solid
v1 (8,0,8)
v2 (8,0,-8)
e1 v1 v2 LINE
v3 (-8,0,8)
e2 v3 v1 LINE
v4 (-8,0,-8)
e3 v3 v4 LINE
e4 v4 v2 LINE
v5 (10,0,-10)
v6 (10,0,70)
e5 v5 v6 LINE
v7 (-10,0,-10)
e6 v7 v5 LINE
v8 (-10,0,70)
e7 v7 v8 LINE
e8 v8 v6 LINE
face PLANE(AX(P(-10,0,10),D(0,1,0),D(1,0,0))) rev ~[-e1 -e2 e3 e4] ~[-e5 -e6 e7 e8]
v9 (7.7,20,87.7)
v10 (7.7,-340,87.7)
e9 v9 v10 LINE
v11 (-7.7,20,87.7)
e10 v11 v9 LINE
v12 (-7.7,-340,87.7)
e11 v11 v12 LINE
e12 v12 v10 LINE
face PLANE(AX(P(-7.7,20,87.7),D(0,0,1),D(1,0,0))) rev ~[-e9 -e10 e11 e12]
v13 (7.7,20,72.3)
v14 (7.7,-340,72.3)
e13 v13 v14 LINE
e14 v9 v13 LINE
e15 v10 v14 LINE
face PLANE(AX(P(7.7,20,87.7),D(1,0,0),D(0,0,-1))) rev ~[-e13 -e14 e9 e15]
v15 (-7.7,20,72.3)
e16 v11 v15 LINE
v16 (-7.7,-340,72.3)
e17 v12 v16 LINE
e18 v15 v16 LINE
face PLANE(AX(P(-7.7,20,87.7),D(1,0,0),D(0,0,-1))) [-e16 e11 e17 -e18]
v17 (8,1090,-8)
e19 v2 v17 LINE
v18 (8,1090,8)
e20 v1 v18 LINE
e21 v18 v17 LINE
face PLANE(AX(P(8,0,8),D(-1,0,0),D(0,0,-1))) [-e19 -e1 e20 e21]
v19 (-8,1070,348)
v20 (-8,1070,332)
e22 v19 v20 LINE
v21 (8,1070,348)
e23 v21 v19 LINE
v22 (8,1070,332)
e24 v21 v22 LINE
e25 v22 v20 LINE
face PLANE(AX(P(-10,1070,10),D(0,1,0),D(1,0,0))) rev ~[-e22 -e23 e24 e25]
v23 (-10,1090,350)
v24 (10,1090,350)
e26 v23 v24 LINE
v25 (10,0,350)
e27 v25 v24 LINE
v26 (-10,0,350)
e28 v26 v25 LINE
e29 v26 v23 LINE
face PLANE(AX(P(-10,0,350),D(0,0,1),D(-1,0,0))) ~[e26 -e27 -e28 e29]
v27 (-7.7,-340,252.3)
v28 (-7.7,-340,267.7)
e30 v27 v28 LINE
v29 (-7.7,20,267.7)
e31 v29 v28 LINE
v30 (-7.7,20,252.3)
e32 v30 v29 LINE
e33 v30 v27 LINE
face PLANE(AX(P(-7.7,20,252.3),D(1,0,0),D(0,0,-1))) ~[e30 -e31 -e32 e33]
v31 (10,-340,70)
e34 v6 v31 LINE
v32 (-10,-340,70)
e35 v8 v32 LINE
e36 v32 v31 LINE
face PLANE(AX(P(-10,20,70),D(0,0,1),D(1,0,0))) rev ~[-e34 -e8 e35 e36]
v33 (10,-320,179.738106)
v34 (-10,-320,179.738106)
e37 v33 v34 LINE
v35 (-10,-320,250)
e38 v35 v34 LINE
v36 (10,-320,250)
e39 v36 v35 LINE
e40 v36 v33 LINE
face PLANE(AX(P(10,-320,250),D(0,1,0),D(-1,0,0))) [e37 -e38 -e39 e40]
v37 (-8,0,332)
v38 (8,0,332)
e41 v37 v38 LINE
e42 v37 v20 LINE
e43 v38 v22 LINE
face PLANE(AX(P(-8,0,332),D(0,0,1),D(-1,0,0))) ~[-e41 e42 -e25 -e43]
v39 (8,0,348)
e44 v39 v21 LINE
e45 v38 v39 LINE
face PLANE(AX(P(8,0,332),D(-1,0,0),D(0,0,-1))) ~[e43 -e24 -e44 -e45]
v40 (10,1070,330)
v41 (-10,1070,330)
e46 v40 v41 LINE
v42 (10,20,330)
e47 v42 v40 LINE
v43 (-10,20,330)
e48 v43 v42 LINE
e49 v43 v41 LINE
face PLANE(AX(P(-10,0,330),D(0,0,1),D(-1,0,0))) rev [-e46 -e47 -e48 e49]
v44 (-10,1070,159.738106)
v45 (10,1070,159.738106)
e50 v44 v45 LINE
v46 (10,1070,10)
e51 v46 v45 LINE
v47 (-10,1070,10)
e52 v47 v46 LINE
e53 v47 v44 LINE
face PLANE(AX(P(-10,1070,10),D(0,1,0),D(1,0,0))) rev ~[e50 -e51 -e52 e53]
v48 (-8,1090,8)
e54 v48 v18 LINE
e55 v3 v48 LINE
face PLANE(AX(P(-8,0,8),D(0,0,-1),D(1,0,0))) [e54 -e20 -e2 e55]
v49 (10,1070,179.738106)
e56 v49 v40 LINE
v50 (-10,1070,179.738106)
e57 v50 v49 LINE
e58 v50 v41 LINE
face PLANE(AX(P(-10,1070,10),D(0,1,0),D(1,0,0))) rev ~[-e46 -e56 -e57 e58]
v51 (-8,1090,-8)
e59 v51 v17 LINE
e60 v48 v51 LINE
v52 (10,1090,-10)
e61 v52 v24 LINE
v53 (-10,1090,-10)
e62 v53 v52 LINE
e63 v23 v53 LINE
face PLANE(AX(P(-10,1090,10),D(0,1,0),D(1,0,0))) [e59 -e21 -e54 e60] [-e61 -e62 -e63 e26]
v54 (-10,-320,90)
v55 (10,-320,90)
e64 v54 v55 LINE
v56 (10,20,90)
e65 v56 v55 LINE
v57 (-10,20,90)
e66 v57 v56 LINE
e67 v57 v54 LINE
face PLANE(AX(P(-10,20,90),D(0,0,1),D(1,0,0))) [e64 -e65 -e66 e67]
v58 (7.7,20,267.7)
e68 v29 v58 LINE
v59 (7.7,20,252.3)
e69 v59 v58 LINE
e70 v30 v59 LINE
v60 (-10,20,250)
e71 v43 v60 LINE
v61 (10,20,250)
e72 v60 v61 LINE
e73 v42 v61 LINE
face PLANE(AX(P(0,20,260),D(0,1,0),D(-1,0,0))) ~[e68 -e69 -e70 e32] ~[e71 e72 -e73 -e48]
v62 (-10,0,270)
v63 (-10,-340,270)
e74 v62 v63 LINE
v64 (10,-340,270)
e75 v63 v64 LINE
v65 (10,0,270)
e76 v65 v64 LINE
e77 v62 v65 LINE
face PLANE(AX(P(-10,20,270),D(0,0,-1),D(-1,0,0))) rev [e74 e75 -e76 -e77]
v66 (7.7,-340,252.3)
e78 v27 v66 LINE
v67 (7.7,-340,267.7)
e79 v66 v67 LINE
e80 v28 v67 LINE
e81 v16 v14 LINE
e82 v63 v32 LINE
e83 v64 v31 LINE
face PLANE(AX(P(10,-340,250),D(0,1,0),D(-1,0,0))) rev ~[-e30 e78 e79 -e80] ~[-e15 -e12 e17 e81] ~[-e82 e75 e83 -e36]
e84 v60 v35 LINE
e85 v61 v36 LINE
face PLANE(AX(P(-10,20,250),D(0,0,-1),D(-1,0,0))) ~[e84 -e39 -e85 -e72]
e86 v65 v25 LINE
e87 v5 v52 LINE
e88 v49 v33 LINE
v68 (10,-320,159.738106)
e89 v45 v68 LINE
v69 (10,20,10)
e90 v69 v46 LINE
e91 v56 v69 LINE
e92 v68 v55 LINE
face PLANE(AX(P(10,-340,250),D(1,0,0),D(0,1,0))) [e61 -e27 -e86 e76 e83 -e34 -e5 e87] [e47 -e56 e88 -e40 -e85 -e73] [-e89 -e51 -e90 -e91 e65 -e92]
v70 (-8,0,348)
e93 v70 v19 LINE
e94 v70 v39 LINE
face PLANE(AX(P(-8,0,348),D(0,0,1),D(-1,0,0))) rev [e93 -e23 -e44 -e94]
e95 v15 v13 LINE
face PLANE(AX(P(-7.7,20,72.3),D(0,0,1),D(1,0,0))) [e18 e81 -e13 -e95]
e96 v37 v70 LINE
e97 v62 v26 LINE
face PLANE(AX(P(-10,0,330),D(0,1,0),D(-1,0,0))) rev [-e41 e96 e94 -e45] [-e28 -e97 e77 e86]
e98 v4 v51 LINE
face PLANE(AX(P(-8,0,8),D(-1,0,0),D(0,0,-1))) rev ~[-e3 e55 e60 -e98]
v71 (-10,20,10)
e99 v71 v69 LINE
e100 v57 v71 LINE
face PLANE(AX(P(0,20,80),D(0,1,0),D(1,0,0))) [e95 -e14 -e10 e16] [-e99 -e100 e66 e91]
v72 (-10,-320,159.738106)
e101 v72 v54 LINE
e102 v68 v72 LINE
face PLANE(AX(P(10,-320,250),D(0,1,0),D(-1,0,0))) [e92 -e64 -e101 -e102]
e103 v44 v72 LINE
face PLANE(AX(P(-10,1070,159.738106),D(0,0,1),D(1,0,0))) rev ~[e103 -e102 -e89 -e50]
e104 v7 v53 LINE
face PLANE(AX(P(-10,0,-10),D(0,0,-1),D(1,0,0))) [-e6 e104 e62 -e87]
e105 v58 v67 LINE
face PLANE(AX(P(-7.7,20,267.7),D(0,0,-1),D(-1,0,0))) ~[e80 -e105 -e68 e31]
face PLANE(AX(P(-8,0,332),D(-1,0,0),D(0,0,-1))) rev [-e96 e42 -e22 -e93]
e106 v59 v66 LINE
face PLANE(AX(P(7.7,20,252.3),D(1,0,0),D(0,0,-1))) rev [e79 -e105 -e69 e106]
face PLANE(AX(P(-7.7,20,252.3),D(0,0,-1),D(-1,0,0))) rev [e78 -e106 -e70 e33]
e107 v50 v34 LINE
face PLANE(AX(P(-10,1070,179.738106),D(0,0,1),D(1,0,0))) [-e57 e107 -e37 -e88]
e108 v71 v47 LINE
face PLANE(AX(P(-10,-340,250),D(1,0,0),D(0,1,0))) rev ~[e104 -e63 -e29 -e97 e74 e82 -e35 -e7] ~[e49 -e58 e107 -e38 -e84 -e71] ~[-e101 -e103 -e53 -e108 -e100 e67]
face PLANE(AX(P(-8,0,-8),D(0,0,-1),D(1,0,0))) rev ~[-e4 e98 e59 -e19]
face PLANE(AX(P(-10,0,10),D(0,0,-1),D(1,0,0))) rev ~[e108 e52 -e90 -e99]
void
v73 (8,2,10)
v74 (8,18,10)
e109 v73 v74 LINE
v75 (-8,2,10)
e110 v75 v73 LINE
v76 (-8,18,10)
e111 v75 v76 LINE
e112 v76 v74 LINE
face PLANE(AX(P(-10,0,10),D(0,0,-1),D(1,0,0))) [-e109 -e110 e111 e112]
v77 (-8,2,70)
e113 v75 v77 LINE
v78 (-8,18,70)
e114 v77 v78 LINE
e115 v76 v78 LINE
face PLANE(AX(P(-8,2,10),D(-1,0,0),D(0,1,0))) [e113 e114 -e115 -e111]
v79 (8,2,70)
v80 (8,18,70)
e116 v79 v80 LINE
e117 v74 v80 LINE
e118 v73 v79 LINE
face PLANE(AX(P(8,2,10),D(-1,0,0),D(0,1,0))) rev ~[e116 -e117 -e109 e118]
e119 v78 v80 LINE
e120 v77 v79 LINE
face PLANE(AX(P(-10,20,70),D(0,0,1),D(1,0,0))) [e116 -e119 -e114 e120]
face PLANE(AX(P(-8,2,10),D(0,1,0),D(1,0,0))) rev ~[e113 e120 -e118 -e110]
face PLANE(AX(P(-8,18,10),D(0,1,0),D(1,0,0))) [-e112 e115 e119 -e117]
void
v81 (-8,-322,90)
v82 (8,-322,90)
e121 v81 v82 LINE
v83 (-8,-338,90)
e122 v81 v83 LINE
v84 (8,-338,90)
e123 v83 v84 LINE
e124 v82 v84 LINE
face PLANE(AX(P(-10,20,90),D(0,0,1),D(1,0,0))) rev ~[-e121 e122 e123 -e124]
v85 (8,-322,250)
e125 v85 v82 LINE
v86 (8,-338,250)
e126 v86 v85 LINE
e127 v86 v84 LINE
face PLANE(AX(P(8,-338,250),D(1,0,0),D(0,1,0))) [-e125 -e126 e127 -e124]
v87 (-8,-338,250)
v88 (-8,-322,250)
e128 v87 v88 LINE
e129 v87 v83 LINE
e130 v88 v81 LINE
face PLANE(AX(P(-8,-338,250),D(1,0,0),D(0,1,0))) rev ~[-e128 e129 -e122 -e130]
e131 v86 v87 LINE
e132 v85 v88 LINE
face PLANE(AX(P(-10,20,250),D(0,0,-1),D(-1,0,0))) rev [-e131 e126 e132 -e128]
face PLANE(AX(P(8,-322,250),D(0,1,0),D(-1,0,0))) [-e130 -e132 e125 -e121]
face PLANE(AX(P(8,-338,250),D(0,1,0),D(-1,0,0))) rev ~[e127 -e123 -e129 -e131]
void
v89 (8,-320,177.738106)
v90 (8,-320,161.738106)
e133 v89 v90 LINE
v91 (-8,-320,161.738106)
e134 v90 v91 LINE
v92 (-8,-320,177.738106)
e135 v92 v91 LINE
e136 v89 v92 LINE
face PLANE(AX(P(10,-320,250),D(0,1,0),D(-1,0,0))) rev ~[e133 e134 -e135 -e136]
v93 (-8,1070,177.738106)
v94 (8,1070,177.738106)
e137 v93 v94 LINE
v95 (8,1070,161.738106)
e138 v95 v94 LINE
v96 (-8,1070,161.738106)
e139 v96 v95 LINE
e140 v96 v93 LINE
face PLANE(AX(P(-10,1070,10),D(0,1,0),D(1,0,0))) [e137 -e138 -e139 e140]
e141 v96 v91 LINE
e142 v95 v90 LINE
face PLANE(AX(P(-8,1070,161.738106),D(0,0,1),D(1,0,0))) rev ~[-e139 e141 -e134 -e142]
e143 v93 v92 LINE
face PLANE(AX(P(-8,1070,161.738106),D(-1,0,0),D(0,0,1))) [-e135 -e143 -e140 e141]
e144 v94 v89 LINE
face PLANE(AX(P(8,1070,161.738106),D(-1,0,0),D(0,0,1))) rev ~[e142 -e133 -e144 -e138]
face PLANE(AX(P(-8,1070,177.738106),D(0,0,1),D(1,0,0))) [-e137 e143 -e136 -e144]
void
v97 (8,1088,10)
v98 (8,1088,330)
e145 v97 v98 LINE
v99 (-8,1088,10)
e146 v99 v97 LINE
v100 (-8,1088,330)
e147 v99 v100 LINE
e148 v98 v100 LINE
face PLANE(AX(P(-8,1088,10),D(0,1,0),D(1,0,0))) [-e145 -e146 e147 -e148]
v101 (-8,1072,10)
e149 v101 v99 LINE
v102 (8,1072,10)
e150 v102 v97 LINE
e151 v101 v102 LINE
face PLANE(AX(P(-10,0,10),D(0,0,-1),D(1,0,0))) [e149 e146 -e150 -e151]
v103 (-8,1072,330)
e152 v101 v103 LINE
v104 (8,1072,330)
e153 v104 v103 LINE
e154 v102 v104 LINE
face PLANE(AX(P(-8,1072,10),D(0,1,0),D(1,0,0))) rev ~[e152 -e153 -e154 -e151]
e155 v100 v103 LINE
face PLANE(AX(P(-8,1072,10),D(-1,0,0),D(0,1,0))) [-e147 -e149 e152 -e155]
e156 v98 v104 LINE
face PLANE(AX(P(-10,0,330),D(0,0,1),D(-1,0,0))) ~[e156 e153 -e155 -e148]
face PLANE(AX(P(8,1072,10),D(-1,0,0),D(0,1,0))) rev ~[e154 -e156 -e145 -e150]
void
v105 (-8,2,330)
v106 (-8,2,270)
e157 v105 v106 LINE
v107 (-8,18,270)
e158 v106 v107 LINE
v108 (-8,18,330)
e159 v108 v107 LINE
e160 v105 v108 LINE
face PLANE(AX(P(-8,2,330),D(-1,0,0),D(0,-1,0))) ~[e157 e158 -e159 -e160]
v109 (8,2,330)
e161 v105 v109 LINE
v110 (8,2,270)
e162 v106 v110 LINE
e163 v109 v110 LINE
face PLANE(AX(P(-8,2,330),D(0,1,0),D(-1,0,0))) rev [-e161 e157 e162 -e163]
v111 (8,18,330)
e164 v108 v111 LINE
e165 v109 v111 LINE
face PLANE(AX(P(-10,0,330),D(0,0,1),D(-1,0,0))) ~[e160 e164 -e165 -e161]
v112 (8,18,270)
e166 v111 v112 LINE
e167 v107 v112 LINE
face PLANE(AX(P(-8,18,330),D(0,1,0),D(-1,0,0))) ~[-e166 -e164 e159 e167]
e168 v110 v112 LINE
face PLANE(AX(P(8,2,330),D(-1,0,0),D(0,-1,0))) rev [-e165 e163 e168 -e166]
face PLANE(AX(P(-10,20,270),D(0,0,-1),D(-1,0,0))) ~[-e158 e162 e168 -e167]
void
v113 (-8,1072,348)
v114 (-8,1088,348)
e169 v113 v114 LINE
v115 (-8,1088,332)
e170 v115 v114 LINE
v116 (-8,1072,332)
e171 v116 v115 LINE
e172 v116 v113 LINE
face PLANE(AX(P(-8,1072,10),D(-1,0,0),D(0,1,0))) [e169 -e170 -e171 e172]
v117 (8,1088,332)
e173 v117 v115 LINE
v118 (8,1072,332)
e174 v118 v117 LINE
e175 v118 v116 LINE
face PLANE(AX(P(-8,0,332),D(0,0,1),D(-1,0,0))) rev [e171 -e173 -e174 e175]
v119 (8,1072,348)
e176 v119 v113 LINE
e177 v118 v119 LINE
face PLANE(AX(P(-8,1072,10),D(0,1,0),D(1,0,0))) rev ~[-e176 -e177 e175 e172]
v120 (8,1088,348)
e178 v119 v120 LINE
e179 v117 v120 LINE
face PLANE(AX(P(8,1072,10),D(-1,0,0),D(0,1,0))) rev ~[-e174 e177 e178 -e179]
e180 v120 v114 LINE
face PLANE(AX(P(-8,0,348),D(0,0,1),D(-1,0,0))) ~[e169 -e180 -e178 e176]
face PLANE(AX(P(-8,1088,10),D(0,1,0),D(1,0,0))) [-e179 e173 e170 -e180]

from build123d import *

# Parameters (mm, degrees)
SKETCH1_W           = 2
SKETCH1_H           = 2
SKETCH1_W_2         = 1.6
SKETCH1_H_2         = 1.6
BOSS_EXTRUDE1_DEPTH = 109
SKETCH2_W           = 2
SKETCH2_H           = 2
SKETCH2_W_2         = 1.6
SKETCH2_H_2         = 1.6
BOSS_EXTRUDE2_DEPTH = 34
SKETCH3_W           = 2
SKETCH3_H           = 2
SKETCH3_W_2         = 1.6
SKETCH3_H_2         = 1.6
BOSS_EXTRUDE3_DEPTH = 6
SKETCH7_W           = 2
SKETCH7_H           = 2
SKETCH7_W_2         = 1.54
SKETCH7_H_2         = 1.54
BOSS_EXTRUDE4_DEPTH = 36
BOSS_EXTRUDE5_REACH = 28
SKETCH8_W           = 2
SKETCH8_H           = 2
SKETCH8_W_2         = 1.6
SKETCH8_H_2         = 1.6
SCALE2_SCALE        = 10
BOSS_EXTRUDE6_REACH = 1412
SKETCH9_W           = 20
SKETCH9_H           = 20
SKETCH9_W_2         = 16
SKETCH9_H_2         = 16


with BuildPart() as part:
    # Sketch1 → Boss-Extrude1 (new body)
    with BuildSketch(Plane(origin=(0, 0, 0), x_dir=(1, 0, 0), z_dir=(0, 1, 0))):
        Rectangle(SKETCH1_W, SKETCH1_H)
        Rectangle(SKETCH1_W_2, SKETCH1_H_2, mode=Mode.SUBTRACT)
    boss_extrude1 = extrude(amount=BOSS_EXTRUDE1_DEPTH)

    # Sketch2 → Boss-Extrude2 (add)
    with BuildSketch(Plane.XY.offset(1)):
        with Locations((0, 108)):
            Rectangle(SKETCH2_W, SKETCH2_H)
        with Locations((0, 108)):
            Rectangle(SKETCH2_W_2, SKETCH2_H_2, mode=Mode.SUBTRACT)
    extrude(amount=BOSS_EXTRUDE2_DEPTH)

    # Mirror1: Boss-Extrude1 across plane
    add(boss_extrude1.mirror(Plane.XY.offset(17)))

    # Sketch3 → Boss-Extrude3 (add)
    with BuildSketch(Plane.XY.offset(1)):
        with Locations((0, 1)):
            Rectangle(SKETCH3_W, SKETCH3_H)
        with Locations((0, 1)):
            Rectangle(SKETCH3_W_2, SKETCH3_H_2, mode=Mode.SUBTRACT)
    boss_extrude3 = extrude(amount=BOSS_EXTRUDE3_DEPTH)

    # Sketch7 → Boss-Extrude4 (add)
    with BuildSketch(Plane(origin=(0, 2, 0), x_dir=(1, 0, 0), z_dir=(0, 1, 0))):
        with Locations((0, -8)):
            Rectangle(SKETCH7_W, SKETCH7_H)
        with Locations((0, -8)):
            Rectangle(SKETCH7_W_2, SKETCH7_H_2, mode=Mode.SUBTRACT)
    boss_extrude4 = extrude(amount=-BOSS_EXTRUDE4_DEPTH)

    # Mirror2: Boss-Extrude3, Boss-Extrude4 across plane
    add(boss_extrude3.mirror(Plane.XY.offset(17)))
    add(boss_extrude4.mirror(Plane.XY.offset(17)))

    # Sketch8 → Boss-Extrude5 (add, up to next)
    with BuildSketch(Plane(origin=(0, 0, 25), x_dir=(-1, 0, 0), z_dir=(0, 0, -1)), mode=Mode.PRIVATE) as boss_extrude5_sk1:
        with Locations((0, -33)):
            Rectangle(SKETCH8_W, SKETCH8_H)
        with Locations((0, -33)):
            Rectangle(SKETCH8_W_2, SKETCH8_H_2, mode=Mode.SUBTRACT)
    boss_extrude5_tool1 = extrude(boss_extrude5_sk1.sketch, amount=BOSS_EXTRUDE5_REACH, mode=Mode.PRIVATE) - part.part
    add(boss_extrude5_tool1.solids().sort_by_distance((0, -32.028284, 25))[0])


with BuildPart() as part_1:
    # Scale2: scaled about (0, 0, 0)
    add(part.part.scale(SCALE2_SCALE))

    # Sketch9 → Boss-Extrude6 (add, up to next)
    with BuildSketch(Plane.XZ.offset(-1070), mode=Mode.PRIVATE) as boss_extrude6_sk1:
        with Locations((0, 169.738105544)):
            Rectangle(SKETCH9_W, SKETCH9_H)
        with Locations((0, 169.738105544)):
            Rectangle(SKETCH9_W_2, SKETCH9_H_2, mode=Mode.SUBTRACT)
    boss_extrude6_tool1 = extrude(boss_extrude6_sk1.sketch, amount=BOSS_EXTRUDE6_REACH, mode=Mode.PRIVATE) - part_1.part
    add(boss_extrude6_tool1.solids().sort_by_distance((0, 1070, 179.455263))[0])


solid = part_1.part
